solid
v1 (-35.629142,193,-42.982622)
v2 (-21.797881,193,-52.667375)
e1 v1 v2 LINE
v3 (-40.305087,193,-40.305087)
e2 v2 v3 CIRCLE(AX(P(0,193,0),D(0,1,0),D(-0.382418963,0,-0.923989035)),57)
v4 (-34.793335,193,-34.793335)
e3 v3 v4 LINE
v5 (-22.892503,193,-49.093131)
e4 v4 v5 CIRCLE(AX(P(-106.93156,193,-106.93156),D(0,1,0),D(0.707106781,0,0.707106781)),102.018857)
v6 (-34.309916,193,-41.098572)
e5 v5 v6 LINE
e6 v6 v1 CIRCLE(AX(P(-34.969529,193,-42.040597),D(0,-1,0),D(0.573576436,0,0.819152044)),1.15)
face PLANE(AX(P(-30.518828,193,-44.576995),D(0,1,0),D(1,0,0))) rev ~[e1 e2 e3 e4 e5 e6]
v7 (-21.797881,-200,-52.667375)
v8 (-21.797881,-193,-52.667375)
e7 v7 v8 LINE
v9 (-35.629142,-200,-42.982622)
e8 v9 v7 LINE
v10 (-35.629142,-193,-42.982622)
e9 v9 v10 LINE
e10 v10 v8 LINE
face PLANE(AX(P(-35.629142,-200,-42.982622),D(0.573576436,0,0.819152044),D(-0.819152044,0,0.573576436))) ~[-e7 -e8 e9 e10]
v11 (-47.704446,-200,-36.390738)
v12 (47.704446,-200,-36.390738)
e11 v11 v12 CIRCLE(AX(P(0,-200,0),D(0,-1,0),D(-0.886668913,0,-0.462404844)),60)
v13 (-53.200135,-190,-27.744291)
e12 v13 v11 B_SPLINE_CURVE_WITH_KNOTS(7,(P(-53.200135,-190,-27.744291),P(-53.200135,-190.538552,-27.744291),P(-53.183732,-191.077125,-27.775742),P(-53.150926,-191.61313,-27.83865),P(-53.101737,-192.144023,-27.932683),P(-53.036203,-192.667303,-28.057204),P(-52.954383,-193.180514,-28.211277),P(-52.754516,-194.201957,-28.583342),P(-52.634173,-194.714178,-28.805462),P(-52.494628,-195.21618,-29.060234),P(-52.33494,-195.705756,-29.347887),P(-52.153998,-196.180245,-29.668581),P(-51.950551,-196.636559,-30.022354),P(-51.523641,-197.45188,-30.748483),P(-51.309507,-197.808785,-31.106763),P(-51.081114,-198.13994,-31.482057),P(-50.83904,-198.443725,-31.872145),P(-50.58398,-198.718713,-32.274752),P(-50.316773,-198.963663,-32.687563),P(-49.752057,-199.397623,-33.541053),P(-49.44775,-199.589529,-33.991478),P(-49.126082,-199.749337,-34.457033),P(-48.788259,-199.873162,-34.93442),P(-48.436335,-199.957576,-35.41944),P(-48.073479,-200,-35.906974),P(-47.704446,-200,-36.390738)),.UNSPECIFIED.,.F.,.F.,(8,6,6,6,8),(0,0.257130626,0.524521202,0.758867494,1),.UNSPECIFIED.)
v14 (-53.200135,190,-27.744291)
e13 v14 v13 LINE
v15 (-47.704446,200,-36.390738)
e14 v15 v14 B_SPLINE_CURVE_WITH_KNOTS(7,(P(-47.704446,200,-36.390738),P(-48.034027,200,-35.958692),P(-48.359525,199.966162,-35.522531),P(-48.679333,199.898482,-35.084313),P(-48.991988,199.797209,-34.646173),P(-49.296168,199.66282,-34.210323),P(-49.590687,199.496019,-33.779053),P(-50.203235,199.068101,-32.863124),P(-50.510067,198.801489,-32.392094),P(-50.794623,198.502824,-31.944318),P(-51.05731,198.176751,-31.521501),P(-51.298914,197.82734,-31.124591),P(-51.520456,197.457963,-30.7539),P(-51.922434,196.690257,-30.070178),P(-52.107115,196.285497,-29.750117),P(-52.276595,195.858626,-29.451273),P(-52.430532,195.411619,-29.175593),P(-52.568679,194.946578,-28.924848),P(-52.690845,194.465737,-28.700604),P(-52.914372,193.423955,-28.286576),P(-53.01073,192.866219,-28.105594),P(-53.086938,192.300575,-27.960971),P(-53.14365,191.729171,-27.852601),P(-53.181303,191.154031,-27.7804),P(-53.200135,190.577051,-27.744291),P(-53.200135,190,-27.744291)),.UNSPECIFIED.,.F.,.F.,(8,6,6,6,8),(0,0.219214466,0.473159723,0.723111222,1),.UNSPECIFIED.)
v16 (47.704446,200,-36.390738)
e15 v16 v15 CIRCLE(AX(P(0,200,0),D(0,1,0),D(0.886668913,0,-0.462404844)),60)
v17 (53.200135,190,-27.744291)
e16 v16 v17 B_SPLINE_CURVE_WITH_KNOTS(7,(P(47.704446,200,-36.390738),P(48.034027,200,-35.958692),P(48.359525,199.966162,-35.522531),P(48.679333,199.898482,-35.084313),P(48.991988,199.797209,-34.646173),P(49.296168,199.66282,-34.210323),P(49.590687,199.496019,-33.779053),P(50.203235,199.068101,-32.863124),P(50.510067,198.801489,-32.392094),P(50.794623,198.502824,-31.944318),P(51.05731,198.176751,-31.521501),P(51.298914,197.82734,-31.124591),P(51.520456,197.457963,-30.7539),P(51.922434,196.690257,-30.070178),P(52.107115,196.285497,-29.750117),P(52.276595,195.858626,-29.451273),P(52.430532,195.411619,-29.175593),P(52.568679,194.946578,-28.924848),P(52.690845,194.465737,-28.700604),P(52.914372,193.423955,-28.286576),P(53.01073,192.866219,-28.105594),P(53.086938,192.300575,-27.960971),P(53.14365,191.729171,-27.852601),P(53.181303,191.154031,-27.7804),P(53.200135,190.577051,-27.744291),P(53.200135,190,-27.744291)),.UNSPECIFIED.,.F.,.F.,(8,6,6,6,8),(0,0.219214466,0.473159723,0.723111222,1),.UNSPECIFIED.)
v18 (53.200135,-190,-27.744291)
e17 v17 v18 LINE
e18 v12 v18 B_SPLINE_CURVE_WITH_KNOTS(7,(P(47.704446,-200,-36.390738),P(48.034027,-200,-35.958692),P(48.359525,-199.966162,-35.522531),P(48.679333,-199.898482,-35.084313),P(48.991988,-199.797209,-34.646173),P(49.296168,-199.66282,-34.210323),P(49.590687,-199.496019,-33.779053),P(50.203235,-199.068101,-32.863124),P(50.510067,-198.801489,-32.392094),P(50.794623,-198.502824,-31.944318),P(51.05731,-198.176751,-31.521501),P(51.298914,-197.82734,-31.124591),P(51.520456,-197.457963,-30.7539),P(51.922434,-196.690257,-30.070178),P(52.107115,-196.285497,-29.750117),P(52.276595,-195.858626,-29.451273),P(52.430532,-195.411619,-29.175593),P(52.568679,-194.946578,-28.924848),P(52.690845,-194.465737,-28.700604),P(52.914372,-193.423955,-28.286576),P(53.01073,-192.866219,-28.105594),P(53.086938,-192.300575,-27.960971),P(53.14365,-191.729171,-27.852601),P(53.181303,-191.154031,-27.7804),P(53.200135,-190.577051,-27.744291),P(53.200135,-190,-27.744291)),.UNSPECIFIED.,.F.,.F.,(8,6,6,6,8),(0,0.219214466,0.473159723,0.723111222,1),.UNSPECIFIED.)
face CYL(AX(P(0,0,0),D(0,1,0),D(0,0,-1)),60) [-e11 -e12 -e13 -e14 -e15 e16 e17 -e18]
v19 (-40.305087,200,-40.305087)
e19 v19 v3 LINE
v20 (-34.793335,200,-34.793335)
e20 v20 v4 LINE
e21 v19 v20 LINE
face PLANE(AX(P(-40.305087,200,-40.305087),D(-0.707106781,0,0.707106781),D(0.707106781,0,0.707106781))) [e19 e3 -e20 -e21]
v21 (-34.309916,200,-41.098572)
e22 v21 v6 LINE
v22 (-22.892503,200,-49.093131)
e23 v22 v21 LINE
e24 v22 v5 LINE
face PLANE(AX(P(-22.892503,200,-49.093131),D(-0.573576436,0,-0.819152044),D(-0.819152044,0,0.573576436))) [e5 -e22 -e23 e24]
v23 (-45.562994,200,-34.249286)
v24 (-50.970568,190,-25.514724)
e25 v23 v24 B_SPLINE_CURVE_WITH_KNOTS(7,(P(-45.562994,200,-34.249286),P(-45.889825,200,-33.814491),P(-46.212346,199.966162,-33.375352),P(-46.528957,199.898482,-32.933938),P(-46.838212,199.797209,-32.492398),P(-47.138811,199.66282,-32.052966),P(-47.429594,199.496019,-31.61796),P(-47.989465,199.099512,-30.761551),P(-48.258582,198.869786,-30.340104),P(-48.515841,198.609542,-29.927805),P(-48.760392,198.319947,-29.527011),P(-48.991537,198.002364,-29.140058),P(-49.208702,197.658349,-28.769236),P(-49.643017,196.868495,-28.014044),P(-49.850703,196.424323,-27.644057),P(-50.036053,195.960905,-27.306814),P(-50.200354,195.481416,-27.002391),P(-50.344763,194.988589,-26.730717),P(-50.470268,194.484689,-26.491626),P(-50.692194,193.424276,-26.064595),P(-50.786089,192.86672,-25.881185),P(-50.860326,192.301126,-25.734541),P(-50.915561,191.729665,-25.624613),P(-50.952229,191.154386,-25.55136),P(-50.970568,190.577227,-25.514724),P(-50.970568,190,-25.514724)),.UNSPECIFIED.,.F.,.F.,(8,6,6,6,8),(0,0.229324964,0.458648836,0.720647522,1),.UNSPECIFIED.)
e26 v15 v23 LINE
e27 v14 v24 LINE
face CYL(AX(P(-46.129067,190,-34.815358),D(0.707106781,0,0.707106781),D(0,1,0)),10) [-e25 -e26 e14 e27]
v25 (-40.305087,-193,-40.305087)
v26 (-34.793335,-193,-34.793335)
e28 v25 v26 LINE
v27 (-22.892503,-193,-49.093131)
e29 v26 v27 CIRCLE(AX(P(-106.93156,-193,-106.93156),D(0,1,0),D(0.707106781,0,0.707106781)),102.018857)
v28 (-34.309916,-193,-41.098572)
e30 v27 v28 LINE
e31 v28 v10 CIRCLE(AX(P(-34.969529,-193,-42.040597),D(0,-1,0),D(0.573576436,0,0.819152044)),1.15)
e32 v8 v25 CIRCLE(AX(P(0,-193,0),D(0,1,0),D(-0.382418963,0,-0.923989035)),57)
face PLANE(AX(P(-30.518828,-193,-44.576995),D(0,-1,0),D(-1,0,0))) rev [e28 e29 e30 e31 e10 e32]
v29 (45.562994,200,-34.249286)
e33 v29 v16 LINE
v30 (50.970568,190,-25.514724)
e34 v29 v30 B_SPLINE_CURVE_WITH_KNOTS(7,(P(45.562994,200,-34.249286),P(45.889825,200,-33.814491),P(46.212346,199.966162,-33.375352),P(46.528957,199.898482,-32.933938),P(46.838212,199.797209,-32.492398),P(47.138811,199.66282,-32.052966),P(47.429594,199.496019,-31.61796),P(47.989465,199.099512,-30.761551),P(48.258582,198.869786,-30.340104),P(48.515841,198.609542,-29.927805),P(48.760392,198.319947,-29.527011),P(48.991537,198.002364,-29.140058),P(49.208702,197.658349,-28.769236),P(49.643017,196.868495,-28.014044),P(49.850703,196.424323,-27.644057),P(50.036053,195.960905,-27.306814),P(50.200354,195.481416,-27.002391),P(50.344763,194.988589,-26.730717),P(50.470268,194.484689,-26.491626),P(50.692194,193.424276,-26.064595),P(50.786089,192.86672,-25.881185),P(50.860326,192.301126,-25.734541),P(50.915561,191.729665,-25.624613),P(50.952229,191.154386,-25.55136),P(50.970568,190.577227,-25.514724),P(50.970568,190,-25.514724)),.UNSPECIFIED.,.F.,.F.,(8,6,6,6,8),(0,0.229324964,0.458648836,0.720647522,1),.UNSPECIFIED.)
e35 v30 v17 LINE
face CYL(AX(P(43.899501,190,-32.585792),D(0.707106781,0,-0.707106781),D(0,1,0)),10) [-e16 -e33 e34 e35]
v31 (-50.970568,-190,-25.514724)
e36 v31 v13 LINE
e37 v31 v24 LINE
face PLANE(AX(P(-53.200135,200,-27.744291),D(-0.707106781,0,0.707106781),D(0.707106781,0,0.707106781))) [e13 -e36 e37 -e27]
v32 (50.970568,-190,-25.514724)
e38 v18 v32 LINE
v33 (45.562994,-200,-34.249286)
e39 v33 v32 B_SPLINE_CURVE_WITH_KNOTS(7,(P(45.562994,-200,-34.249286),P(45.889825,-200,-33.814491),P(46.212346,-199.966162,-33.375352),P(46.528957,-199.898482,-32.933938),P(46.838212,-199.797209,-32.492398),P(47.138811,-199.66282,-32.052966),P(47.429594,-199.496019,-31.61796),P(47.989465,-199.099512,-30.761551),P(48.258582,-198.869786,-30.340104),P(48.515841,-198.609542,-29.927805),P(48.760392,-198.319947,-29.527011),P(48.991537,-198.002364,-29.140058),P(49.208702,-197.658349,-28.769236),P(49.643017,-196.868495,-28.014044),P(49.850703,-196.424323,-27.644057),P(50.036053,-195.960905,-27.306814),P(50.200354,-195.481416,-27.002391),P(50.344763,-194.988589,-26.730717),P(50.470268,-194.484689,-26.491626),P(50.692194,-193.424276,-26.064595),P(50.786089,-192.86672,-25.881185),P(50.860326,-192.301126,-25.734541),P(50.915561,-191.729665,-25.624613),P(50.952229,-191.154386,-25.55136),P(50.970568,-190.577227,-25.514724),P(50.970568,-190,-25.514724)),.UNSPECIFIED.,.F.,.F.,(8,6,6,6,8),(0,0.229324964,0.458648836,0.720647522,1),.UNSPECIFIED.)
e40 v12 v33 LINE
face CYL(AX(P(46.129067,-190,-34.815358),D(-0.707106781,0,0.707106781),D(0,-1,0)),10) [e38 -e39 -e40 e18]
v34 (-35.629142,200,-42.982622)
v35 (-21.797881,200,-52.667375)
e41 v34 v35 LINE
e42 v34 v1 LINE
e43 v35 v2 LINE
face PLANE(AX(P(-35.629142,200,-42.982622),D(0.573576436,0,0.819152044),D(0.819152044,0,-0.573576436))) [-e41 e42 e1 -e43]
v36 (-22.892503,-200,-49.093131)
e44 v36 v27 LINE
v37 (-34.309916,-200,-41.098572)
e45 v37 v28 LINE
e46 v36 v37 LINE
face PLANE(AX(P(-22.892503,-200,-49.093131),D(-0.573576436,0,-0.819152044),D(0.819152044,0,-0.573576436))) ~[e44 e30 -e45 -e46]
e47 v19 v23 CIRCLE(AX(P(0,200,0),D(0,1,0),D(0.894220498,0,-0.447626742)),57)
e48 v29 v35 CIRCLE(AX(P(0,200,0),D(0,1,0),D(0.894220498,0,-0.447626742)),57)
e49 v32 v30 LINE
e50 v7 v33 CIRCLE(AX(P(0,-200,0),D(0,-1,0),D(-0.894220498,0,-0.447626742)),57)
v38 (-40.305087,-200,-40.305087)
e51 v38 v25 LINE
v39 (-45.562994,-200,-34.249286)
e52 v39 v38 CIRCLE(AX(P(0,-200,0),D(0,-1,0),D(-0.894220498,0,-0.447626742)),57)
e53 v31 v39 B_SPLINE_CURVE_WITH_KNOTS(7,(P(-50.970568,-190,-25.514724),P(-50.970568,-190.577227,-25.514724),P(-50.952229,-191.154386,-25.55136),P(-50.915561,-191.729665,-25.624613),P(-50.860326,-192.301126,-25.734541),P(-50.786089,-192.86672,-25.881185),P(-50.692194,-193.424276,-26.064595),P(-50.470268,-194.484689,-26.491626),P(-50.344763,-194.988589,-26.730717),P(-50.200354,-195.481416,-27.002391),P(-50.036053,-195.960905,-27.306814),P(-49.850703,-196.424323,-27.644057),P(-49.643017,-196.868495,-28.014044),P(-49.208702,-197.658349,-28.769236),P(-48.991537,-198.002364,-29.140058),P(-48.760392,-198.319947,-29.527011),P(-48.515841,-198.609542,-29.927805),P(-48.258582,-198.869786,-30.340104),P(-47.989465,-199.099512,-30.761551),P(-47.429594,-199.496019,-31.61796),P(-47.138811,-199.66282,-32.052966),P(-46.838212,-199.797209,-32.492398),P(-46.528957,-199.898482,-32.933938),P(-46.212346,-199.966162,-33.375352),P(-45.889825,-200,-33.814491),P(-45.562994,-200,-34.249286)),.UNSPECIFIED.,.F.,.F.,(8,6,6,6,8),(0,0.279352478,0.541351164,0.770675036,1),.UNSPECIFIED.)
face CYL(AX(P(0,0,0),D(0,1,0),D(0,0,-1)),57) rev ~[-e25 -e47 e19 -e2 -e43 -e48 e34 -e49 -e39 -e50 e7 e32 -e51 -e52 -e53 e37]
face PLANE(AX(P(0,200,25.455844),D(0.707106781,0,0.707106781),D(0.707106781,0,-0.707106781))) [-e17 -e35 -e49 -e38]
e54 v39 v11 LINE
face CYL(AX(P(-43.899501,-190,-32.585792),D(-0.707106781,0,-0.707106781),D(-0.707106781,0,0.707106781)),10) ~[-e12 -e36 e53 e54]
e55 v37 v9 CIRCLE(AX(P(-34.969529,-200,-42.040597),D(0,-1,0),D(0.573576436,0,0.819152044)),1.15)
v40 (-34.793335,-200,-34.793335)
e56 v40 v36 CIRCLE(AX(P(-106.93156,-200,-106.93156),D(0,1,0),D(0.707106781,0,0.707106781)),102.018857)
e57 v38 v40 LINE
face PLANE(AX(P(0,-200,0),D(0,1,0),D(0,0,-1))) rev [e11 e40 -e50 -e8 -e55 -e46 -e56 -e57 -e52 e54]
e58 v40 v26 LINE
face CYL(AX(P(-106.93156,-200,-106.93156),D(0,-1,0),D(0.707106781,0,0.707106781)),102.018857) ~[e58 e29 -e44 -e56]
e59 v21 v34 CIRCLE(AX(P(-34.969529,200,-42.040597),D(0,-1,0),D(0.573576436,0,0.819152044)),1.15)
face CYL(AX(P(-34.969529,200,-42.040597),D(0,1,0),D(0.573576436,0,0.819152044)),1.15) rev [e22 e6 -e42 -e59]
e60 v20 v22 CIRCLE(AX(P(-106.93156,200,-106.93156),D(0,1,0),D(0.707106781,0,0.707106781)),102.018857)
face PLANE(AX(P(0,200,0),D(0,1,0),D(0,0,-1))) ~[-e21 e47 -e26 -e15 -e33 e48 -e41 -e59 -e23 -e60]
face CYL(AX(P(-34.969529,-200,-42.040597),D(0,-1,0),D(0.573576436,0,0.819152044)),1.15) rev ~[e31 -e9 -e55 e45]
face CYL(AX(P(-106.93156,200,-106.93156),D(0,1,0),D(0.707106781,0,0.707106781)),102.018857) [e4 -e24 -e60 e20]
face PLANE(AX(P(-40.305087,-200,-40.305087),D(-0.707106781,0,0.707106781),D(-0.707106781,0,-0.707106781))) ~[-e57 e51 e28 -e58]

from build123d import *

# Parameters (mm, degrees)
SKETCH1_W           = 3
SKETCH1_H           = 400
SKETCH6_OUTSIDE_W   = 208.902
SKETCH6_OUTSIDE_H   = 208.902
CUT_EXTRUDE2_DEPTH  = 409.900966005
BOSS_EXTRUDE4_DEPTH = 7
FILLET1_R           = 10


with BuildPart() as part:
    # Sketch1 → Revolve1 (revolve)
    with BuildSketch(Plane.XY, mode=Mode.PRIVATE) as revolve1_sk:
        with Locations((58.5, 0)):
            Rectangle(SKETCH1_W, SKETCH1_H)
    revolve(revolve1_sk.sketch.rotate(Axis((0, 0, 0), (0, 1, 0)), 90), axis=Axis((0, 0, 0), (0, 1, 0)))

    # Sketch6 outside → Cut-Extrude2 (cut, through all)
    with BuildSketch(Plane(origin=(0, 200, 0), x_dir=(1, 0, 0), z_dir=(0, 1, 0))):
        Rectangle(SKETCH6_OUTSIDE_W, SKETCH6_OUTSIDE_H)
        with BuildLine():
            Line((0, -25.455844123), (53.200134751, 27.744290628))
            ThreePointArc((53.200134751, 27.744290628), (0, 60), (-53.200134751, 27.744290628))
            Line((-53.200134751, 27.744290628), (0, -25.455844123))
        make_face(mode=Mode.SUBTRACT)
    extrude(amount=-CUT_EXTRUDE2_DEPTH, mode=Mode.SUBTRACT)

    # Sketch7 → Boss-Extrude4 (add)
    with BuildSketch(Plane(origin=(0, 200, 0), x_dir=(1, 0, 0), z_dir=(0, 1, 0))):
        with BuildLine():
            Line((-35.629141961, 42.982621722), (-21.797880868, 52.667375003))
            ThreePointArc((-21.797880868, 52.667375003), (-31.660719889, 47.398299717), (-40.305086528, 40.305086528))
            Line((-40.305086528, 40.305086528), (-34.793335026, 34.793335026))
            ThreePointArc((-34.793335026, 34.793335026), (-28.516275136, 41.671387576), (-22.892502884, 49.093130862))
            Line((-22.892502884, 49.093130862), (-34.309916158, 41.09857202))
            ThreePointArc((-34.309916158, 41.09857202), (-35.91155391, 41.380983969), (-35.629141961, 42.982621722))
        make_face()
    boss_extrude4 = extrude(amount=-BOSS_EXTRUDE4_DEPTH)

    # Mirror1: Boss-Extrude4 across plane
    add(boss_extrude4.mirror(Plane.ZX))

    # Fillet1
    fillet1_edges = [part.edges().sort_by_distance(p)[0] for p in [
        (52.085351582, 200, -26.629507459),
        (-52.085351582, -200, -26.629507459),
        (52.085351582, -200, -26.629507459),
        (-52.085351582, 200, -26.629507459),
    ]]
    fillet(fillet1_edges, radius=FILLET1_R)


solid = part.part
